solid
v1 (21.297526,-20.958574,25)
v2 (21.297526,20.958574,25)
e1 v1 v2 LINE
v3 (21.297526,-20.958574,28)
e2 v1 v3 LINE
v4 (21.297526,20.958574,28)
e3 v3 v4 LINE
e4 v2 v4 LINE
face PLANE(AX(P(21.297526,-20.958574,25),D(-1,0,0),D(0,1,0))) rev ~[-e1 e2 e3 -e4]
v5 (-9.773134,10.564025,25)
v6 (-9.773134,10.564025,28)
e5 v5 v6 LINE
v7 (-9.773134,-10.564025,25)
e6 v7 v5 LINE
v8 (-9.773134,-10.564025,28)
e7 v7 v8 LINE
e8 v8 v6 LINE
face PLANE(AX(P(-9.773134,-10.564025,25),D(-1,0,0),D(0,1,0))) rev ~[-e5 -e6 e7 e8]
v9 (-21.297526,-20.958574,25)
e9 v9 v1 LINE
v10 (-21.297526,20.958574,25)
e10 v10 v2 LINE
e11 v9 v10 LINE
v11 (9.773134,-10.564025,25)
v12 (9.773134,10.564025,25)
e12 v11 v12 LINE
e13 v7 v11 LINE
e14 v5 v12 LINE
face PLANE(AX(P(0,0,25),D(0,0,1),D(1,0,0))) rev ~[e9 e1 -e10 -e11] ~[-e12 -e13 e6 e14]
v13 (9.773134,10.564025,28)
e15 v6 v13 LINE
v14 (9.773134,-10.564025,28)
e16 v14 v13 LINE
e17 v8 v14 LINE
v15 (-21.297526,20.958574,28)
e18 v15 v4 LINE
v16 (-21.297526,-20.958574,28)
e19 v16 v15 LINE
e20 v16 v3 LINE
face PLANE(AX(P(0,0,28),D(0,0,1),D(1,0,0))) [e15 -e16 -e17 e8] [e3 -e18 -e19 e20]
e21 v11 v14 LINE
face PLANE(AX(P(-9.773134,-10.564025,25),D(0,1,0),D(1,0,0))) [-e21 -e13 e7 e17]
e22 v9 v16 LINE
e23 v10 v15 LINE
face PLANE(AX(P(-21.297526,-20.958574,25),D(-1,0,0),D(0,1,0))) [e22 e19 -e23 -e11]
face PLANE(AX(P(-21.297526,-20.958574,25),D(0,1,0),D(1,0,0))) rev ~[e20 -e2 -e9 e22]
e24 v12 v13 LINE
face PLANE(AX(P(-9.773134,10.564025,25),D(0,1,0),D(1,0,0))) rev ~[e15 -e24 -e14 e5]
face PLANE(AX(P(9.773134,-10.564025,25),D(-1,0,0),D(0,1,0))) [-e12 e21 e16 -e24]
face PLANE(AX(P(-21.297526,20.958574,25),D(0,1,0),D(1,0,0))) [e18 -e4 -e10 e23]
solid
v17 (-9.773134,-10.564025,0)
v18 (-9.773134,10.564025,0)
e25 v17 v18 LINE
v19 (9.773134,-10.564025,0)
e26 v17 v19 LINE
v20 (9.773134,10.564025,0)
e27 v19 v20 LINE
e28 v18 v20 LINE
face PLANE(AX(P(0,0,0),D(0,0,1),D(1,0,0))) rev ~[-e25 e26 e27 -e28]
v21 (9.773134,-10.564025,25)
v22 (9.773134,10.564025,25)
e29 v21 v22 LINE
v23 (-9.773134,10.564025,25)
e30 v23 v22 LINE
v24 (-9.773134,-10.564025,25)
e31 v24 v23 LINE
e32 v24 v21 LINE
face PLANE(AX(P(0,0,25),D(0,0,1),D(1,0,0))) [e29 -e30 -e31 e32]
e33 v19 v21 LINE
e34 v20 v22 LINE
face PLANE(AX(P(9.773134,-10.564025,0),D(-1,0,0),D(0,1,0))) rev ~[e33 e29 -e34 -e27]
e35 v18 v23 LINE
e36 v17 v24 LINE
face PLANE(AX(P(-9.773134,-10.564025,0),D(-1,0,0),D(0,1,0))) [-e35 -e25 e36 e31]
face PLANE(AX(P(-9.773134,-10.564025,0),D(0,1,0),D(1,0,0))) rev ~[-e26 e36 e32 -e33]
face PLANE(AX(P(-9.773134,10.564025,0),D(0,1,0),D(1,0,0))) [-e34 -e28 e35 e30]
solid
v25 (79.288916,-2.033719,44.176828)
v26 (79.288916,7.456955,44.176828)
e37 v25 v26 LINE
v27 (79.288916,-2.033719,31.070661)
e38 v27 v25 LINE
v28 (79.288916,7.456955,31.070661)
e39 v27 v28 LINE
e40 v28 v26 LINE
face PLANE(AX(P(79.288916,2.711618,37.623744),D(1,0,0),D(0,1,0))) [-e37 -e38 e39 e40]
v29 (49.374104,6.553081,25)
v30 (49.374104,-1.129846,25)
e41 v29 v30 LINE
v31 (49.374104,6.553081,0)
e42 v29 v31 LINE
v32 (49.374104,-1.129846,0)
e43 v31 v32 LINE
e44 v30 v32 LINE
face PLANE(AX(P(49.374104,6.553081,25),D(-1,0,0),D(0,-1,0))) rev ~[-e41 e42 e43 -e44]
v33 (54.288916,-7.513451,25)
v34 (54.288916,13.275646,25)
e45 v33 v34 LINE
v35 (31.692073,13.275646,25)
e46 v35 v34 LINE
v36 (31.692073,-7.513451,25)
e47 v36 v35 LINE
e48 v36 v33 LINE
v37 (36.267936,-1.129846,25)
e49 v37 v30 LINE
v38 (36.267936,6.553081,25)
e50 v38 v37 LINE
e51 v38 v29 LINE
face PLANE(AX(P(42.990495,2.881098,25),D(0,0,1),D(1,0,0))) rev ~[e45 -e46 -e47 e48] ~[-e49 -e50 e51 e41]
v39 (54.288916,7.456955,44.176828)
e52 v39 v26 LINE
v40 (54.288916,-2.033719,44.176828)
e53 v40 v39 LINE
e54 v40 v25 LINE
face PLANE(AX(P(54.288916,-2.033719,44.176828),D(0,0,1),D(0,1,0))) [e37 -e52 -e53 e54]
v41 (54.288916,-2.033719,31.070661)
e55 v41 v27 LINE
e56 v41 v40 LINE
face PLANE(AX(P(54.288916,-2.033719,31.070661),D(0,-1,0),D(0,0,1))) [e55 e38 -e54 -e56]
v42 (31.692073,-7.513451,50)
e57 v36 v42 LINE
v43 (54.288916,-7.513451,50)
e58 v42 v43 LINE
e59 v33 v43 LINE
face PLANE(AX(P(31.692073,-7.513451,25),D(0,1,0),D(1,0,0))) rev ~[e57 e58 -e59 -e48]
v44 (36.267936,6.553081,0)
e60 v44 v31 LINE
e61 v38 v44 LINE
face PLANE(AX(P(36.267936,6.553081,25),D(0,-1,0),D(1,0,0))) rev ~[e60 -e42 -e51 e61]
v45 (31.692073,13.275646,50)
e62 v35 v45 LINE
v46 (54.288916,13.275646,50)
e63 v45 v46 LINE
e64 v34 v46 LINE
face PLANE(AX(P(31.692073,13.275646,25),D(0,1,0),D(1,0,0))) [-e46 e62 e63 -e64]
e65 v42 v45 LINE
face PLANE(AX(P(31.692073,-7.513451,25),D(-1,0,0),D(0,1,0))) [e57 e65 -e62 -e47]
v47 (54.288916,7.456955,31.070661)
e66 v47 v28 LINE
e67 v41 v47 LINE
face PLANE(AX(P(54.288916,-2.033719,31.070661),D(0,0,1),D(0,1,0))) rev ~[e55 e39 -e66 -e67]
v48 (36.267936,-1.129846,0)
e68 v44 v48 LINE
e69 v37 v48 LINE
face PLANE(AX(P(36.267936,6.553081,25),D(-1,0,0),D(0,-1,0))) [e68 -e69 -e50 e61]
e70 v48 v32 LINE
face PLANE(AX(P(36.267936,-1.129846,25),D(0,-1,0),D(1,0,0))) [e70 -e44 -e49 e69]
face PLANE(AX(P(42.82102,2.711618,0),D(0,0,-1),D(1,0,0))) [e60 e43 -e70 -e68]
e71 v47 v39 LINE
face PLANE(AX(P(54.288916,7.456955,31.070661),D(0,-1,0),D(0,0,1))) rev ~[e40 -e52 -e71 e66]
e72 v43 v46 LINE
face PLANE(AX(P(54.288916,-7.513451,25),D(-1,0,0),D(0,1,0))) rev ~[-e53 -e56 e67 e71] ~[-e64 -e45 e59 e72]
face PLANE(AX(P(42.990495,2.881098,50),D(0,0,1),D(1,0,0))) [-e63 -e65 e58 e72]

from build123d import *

# Parameters (mm, degrees)
F0_W     = 19.5462685078
F0_H     = 21.128050983
F1_DEPTH = 25
F2_W     = 42.595051229
F2_H     = 41.9171489775
F2_W_2   = 19.5462685078
F2_H_2   = 21.128050983
F3_DEPTH = 3
F2_W_3   = 22.5968435407
F2_H_3   = 20.7890970632
F4_DEPTH = 25
F5_W     = 13.1061673164
F5_H     = 7.6829269528
F6_DEPTH = 25
F7_W     = 9.4906743616
F7_H     = 13.1061673164
F8_DEPTH = 25


with BuildPart() as f1:
    # F0 (on Top) → F1 (new body)
    with BuildSketch(Plane.XY):
        Rectangle(F0_W, F0_H)
    extrude(amount=F1_DEPTH)


with BuildPart() as f3:
    # F2 (on face) → F3 (new body)
    with BuildSketch(Plane.XY.offset(25)):
        Rectangle(F2_W, F2_H)
        Rectangle(F2_W_2, F2_H_2, mode=Mode.SUBTRACT)
    extrude(amount=F3_DEPTH)


with BuildPart() as f4:
    # F2 (on face) → F4 (new body)
    with BuildSketch(Plane.XY.offset(25)):
        with Locations((42.9904945195, 2.8810976073)):
            Rectangle(F2_W_3, F2_H_3)
    extrude(amount=F4_DEPTH)

    # F5 (on face) → F6 (join)
    with BuildSketch(Plane(origin=(0, 0, 25), x_dir=(1, 0, 0), z_dir=(0, 0, -1))):
        with Locations((42.8210198879, -2.7116178535)):
            Rectangle(F5_W, F5_H)
    extrude(amount=F6_DEPTH)

    # F7 (on face) → F8 (join)
    with BuildSketch(Plane.YZ.offset(54.2889162898)):
        with Locations((2.7116178535, 37.623744458)):
            Rectangle(F7_W, F7_H)
    extrude(amount=F8_DEPTH)


solid = Compound([f1.part, f3.part, f4.part])
